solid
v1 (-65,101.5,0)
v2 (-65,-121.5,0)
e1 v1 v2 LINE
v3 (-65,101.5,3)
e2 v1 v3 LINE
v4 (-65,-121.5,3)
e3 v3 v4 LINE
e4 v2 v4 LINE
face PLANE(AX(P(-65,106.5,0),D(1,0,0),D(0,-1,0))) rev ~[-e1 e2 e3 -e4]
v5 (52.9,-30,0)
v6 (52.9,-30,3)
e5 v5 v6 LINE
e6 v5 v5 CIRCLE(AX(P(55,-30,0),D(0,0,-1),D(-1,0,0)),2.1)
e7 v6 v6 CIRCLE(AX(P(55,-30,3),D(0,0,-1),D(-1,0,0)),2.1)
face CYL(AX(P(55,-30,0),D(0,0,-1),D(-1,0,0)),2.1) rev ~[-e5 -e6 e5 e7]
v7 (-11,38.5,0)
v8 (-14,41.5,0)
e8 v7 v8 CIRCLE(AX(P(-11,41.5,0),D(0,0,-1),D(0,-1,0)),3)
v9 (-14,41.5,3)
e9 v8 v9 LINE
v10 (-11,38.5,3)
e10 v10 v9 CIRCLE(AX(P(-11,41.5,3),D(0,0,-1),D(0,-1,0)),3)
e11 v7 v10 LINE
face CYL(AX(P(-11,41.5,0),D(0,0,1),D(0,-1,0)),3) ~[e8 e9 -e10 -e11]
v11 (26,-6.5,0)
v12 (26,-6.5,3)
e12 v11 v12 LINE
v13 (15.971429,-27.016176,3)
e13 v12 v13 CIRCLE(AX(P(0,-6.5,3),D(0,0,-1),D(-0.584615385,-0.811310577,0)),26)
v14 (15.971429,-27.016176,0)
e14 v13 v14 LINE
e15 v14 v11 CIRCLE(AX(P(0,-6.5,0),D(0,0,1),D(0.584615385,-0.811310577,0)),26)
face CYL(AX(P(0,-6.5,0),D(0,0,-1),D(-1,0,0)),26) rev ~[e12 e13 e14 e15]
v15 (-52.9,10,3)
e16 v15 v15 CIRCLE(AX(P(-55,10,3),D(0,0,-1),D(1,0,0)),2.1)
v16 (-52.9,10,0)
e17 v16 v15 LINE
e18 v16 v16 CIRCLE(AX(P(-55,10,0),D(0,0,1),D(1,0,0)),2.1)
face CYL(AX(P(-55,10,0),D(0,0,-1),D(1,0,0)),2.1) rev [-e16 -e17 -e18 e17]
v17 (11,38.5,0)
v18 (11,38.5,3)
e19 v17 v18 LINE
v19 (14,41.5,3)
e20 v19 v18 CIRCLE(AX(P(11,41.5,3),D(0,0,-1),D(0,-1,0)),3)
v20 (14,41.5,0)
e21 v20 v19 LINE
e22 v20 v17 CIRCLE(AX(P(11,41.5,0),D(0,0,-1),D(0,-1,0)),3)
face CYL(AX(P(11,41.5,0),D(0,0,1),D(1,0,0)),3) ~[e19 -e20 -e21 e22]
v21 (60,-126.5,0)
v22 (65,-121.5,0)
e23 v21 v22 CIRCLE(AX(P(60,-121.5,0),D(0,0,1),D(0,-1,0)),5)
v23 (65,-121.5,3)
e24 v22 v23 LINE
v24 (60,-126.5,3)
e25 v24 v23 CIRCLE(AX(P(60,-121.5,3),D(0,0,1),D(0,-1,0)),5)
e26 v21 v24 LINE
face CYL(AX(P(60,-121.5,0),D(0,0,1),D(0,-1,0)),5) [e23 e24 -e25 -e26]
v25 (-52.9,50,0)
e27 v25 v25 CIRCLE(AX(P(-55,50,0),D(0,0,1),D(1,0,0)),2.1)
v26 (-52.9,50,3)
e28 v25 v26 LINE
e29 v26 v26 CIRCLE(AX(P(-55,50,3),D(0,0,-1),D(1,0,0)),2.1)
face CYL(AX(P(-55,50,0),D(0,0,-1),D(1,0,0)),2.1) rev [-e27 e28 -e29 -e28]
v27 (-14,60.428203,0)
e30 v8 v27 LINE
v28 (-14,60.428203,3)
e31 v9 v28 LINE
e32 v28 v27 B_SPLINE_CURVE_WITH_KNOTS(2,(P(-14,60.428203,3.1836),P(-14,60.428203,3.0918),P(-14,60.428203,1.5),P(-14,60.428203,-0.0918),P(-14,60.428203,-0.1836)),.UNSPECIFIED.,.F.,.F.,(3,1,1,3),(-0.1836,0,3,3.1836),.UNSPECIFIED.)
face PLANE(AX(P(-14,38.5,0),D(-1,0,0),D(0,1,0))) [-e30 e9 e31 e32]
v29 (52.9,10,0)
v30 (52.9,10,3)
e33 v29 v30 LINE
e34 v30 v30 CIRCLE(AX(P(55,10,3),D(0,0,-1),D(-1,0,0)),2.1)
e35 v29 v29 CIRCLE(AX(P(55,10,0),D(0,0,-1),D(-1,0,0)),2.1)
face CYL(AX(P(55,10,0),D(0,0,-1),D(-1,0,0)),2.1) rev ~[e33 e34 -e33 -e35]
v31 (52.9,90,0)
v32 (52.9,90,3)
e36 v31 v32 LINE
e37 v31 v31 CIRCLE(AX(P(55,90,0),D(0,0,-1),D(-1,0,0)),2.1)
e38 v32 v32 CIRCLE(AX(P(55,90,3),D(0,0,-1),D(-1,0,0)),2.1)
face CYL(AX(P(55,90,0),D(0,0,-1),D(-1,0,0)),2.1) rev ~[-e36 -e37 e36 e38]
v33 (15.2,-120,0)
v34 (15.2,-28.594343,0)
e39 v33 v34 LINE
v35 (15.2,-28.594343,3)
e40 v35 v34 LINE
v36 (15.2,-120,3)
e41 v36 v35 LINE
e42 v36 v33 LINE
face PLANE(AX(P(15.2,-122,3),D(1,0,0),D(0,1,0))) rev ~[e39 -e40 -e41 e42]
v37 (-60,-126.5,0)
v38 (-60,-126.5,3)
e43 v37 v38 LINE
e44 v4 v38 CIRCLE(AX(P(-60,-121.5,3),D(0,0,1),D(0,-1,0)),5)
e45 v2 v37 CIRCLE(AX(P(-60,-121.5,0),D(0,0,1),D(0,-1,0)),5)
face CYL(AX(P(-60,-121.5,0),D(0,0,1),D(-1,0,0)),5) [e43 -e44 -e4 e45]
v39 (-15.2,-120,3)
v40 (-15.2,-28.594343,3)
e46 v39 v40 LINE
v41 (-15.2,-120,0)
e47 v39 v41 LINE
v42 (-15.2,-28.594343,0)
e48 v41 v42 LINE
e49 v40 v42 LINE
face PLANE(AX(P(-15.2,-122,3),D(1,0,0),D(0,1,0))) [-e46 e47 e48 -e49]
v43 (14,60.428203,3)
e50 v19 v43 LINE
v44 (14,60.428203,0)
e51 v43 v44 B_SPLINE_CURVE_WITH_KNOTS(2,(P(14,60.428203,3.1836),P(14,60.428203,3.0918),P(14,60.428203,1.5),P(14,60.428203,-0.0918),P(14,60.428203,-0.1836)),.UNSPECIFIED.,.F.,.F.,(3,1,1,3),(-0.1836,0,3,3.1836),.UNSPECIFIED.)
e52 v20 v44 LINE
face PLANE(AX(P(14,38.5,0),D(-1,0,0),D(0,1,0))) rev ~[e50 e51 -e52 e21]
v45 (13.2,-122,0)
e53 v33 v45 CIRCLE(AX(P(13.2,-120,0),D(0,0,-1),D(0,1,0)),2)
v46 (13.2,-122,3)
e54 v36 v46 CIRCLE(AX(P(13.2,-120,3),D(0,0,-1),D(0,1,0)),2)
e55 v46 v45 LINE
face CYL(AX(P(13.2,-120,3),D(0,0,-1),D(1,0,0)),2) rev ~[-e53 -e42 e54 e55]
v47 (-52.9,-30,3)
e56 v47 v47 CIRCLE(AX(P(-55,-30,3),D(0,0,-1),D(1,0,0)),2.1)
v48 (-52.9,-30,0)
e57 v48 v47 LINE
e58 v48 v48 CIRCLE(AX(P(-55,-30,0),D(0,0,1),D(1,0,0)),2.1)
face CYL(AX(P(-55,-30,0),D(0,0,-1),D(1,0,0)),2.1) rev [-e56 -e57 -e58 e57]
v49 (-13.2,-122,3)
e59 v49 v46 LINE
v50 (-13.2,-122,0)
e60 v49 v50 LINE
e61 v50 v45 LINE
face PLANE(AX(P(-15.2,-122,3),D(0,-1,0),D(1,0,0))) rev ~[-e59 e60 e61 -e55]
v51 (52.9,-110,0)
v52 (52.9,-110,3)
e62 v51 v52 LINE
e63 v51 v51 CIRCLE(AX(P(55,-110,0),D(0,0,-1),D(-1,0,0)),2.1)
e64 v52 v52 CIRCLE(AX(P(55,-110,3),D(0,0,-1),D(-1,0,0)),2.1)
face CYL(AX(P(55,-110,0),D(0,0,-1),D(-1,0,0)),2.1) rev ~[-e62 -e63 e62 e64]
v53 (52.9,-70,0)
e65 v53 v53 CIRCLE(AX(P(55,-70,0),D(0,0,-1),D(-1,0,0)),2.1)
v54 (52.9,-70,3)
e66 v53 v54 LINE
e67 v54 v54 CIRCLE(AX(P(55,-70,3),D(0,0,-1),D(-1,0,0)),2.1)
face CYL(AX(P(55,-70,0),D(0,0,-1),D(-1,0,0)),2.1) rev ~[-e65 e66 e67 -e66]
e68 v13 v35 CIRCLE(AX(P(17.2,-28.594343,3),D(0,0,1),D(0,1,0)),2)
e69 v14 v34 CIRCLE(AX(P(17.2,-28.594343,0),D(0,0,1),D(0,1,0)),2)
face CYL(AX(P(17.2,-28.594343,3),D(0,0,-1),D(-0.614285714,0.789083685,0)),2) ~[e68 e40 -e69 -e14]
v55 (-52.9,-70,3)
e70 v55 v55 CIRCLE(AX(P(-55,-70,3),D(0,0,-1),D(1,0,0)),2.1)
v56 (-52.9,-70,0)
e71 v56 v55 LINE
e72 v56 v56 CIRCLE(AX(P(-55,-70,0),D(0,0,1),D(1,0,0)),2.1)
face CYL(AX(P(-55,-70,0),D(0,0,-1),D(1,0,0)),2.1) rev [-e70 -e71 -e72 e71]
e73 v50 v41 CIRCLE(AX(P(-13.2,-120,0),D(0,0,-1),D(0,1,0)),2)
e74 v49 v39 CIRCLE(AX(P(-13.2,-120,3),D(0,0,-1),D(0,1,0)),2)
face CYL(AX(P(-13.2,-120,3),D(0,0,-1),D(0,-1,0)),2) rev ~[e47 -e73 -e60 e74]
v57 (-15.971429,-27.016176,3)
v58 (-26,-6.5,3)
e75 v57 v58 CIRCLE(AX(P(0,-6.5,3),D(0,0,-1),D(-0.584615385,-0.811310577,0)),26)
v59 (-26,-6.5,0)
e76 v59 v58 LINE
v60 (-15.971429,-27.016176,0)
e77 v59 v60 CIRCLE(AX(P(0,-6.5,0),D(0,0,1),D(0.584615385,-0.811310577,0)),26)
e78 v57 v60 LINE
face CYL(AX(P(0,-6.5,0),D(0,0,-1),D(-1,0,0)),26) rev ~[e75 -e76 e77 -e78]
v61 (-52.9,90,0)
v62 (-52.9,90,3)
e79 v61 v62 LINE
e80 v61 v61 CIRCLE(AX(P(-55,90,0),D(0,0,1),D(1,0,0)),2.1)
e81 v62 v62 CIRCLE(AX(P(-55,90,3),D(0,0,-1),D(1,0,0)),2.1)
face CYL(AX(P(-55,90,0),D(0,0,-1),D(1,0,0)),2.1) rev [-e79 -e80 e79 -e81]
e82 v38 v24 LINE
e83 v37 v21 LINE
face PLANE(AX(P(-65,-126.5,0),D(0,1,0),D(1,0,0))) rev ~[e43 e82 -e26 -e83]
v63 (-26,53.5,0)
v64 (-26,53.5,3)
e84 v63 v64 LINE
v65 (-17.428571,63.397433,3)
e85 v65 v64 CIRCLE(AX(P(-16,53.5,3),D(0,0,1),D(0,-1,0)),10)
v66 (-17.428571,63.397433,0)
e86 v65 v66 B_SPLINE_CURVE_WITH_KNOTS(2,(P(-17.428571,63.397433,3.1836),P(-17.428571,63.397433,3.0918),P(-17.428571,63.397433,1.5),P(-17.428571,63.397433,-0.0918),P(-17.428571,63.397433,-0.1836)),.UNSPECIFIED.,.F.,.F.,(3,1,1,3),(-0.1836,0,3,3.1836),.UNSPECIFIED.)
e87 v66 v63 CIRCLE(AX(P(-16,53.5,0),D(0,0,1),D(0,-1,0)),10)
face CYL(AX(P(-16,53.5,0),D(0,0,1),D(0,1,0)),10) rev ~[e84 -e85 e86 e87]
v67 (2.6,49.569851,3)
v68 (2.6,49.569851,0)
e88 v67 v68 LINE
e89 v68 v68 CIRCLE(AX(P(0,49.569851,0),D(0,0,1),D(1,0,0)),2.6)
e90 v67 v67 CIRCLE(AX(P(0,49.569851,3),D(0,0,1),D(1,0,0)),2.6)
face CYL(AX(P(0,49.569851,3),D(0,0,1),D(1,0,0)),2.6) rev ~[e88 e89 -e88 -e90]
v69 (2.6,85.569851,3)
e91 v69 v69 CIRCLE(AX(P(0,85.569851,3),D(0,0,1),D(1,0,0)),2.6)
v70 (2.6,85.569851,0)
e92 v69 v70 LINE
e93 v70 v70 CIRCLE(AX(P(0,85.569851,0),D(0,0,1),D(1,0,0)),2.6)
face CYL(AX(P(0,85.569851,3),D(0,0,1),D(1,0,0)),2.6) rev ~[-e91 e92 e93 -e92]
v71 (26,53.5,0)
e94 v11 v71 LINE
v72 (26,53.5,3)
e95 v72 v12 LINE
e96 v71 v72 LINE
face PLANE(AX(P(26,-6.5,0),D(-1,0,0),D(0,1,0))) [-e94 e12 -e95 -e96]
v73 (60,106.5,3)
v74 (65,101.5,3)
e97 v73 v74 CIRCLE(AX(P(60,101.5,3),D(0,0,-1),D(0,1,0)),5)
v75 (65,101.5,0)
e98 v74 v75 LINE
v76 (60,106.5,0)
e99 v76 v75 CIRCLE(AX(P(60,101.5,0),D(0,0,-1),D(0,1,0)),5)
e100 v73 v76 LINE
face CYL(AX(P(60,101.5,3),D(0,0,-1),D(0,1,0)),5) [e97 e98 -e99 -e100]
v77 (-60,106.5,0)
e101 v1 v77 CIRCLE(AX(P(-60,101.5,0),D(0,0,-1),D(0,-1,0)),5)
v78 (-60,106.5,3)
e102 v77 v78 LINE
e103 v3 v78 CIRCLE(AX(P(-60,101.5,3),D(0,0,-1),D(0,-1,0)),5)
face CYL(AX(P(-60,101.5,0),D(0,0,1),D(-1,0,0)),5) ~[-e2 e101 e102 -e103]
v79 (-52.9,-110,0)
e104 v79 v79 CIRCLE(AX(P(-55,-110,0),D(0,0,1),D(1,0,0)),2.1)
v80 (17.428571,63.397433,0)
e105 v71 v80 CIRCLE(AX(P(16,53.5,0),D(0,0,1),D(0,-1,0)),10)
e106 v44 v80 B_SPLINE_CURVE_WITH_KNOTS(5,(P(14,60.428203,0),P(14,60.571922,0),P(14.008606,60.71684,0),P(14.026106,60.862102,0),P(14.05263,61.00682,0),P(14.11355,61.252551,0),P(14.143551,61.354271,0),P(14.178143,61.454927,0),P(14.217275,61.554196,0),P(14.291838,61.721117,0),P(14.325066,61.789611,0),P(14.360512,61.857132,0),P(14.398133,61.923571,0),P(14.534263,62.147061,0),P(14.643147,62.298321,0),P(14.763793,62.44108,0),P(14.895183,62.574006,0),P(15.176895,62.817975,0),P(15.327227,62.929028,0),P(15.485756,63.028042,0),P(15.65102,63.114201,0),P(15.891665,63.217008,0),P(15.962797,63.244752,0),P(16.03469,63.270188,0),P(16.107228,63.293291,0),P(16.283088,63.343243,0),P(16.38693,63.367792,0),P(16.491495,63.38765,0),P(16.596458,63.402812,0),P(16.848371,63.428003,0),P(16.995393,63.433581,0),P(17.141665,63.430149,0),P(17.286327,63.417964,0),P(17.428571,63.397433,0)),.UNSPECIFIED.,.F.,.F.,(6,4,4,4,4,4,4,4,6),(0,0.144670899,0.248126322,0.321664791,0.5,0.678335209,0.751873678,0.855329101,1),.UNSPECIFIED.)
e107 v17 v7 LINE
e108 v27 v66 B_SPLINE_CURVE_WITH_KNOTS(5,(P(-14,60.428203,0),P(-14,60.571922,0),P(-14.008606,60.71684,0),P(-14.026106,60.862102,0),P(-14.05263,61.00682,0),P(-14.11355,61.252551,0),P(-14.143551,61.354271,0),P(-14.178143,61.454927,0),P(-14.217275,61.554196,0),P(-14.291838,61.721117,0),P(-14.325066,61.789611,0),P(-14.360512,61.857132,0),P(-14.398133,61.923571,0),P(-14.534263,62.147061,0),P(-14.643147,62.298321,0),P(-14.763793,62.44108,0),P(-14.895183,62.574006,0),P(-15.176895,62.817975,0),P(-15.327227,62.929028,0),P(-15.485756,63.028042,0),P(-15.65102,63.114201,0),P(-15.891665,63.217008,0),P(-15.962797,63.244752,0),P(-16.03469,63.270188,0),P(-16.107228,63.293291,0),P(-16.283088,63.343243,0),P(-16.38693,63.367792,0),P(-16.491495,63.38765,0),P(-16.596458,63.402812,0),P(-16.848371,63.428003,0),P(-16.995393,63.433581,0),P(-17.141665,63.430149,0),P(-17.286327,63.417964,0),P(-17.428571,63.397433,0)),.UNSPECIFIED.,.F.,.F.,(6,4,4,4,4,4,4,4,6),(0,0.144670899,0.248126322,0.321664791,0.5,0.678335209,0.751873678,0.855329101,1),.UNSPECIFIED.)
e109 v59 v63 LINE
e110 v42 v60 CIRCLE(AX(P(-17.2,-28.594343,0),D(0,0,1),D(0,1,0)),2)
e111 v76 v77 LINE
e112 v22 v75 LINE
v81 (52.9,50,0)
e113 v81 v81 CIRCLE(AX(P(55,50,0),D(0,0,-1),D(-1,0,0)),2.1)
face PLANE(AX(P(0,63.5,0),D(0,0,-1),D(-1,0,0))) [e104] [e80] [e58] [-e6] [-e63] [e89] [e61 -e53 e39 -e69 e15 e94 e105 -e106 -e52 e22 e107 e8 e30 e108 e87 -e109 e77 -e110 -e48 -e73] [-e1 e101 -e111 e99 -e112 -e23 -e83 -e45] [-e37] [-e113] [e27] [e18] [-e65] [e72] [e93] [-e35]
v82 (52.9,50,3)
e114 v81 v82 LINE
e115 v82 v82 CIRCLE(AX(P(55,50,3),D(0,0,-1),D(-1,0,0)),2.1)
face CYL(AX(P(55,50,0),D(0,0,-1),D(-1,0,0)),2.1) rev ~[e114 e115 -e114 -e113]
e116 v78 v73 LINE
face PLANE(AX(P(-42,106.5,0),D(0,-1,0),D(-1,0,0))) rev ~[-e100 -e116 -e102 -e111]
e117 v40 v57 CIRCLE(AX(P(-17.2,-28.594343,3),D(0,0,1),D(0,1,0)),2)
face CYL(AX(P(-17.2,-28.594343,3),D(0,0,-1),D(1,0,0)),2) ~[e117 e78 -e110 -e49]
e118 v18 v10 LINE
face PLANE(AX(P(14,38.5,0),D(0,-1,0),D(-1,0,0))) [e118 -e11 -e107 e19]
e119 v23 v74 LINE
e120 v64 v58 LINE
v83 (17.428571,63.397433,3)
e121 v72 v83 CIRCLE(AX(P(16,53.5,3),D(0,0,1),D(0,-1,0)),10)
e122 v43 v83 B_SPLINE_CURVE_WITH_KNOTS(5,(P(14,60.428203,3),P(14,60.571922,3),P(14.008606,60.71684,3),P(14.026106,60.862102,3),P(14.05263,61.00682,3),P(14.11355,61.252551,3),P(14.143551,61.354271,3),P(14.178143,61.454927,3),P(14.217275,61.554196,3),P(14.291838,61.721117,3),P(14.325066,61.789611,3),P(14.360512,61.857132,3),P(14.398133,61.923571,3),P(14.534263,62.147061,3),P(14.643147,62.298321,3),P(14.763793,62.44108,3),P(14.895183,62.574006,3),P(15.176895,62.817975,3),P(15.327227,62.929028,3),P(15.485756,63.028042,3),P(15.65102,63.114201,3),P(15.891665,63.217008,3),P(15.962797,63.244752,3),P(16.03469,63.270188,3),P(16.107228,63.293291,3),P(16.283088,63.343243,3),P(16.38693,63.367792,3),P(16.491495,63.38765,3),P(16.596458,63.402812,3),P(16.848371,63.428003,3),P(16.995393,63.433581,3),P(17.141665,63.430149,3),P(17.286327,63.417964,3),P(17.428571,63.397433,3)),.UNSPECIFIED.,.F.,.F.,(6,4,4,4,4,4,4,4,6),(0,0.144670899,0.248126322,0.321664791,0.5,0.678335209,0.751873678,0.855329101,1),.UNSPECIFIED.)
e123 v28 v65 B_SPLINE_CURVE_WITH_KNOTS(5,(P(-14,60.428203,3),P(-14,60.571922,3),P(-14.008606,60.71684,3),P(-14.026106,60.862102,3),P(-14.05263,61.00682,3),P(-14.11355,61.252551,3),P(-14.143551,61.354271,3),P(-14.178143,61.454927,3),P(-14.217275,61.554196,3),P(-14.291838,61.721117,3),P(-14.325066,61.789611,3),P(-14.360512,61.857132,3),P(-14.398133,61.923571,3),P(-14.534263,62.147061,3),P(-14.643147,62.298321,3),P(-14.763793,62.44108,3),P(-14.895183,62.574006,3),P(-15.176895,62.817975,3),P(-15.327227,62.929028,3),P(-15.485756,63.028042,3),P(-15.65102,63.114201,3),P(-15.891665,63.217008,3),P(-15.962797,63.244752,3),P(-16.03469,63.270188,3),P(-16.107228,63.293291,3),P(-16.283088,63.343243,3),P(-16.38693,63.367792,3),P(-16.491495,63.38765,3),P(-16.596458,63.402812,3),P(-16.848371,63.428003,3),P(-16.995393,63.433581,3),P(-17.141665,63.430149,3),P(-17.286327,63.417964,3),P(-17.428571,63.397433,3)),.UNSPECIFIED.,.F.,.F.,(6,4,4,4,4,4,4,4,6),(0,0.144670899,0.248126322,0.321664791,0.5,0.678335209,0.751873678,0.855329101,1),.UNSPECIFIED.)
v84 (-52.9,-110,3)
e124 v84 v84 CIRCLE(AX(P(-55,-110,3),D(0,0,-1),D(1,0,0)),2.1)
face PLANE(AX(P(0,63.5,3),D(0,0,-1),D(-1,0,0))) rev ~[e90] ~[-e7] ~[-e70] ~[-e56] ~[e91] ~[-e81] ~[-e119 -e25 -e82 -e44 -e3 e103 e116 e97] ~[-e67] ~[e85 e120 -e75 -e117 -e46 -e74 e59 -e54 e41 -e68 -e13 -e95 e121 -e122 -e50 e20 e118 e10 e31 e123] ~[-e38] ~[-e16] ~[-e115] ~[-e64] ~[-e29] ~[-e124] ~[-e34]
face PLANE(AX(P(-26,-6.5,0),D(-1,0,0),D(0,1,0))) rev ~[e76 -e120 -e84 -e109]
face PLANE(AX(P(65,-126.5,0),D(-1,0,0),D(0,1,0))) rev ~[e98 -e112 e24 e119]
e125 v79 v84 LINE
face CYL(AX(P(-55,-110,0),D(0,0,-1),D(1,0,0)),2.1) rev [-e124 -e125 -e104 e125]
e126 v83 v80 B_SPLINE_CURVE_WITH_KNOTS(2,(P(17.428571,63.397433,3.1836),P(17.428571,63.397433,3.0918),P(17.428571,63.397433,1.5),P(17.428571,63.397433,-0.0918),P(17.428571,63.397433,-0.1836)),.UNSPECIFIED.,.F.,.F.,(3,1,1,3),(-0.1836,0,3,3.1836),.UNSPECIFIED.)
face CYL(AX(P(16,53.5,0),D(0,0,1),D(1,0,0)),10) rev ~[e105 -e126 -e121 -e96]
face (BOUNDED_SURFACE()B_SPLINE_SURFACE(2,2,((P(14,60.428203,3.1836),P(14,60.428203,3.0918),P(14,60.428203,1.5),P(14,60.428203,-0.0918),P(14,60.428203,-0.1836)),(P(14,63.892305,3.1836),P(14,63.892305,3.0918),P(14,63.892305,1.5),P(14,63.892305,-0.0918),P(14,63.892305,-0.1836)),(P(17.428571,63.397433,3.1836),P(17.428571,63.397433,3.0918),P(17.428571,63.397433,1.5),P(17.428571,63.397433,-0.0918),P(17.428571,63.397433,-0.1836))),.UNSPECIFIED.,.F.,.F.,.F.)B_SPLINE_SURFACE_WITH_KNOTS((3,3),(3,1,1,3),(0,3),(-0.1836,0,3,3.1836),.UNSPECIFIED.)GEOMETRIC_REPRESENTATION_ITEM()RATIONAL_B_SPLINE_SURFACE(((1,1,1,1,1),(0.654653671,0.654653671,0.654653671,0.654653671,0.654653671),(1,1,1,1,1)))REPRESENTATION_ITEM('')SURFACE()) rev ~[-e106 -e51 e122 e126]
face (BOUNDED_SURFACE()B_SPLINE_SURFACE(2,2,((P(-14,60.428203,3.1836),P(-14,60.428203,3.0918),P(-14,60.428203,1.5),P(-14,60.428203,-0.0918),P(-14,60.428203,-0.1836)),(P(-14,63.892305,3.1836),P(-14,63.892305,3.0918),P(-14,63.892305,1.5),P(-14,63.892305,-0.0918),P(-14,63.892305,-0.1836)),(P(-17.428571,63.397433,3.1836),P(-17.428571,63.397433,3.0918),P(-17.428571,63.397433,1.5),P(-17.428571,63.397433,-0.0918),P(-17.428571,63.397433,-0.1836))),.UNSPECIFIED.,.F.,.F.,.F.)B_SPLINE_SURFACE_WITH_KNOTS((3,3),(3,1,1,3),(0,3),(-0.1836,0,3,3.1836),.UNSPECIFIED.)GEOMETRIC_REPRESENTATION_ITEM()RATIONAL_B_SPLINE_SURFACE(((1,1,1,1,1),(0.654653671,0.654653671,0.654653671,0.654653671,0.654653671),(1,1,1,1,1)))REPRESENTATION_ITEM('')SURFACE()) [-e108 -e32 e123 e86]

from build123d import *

# Parameters (mm, degrees)
BOSS_EXTRUDE1_DEPTH = 3
SKETCH2_W           = 107
SKETCH2_H           = 20
CUT_EXTRUDE1_DEPTH  = 143.254173928
SKETCH3_R           = 26
CUT_EXTRUDE2_DEPTH  = 143.254173928
FILLET1_R           = 5
SKETCH4_W           = 30.4
SKETCH4_H           = 116.319851171
CUT_EXTRUDE3_DEPTH  = 143.254173928
SKETCH5_W           = 52
SKETCH5_H           = 70
CUT_EXTRUDE4_DEPTH  = 143.254173928
FILLET2_R           = 10
FILLET3_R           = 2
SKETCH6_W           = 28
SKETCH6_H           = 50
BOSS_EXTRUDE2_DEPTH = 3
FILLET4_R           = 3
SKETCH7_R           = 2.1
CUT_EXTRUDE5_DEPTH  = 143.254174065
SKETCH8_R           = 2.6
CUT_EXTRUDE6_DEPTH  = 143.254174065


with BuildPart() as part:
    # Sketch1 → Boss-Extrude1 (new body)
    with BuildSketch(Plane.XY):
        Polygon((-65, 106.5), (-65, -126.5), (65, -126.5), (65, 126.5), (-42, 126.5), (-42, 106.5), align=None)
    extrude(amount=BOSS_EXTRUDE1_DEPTH)

    # Sketch2 → Cut-Extrude1 (cut, through all)
    with BuildSketch(Plane.XY.offset(3)):
        with Locations((11.5, 116.5)):
            Rectangle(SKETCH2_W, SKETCH2_H)
    extrude(amount=-CUT_EXTRUDE1_DEPTH, mode=Mode.SUBTRACT)

    # Sketch3 → Cut-Extrude2 (cut, through all)
    with BuildSketch(Plane(origin=(0, 0, 0), x_dir=(-1, 0, 0), z_dir=(0, 0, -1))):
        with Locations((0, -6.5)):
            Circle(SKETCH3_R)
    extrude(amount=-CUT_EXTRUDE2_DEPTH, mode=Mode.SUBTRACT)

    # Fillet1
    fillet1_edges = [part.edges().sort_by_distance(p)[0] for p in [
        (65, -126.5, 1.5),
        (-65, -126.5, 1.5),
        (-65, 106.5, 1.5),
        (65, 106.5, 1.5),
    ]]
    fillet(fillet1_edges, radius=FILLET1_R)

    # Sketch4 → Cut-Extrude3 (cut, through all)
    with BuildSketch(Plane.XY.offset(3)):
        with Locations((0, -63.840074415)):
            Rectangle(SKETCH4_W, SKETCH4_H)
    extrude(amount=-CUT_EXTRUDE3_DEPTH, mode=Mode.SUBTRACT)

    # Sketch5 → Cut-Extrude4 (cut, through all)
    with BuildSketch(Plane(origin=(0, 0, 0), x_dir=(-1, 0, 0), z_dir=(0, 0, -1))):
        with Locations((0, 28.5)):
            Rectangle(SKETCH5_W, SKETCH5_H)
    extrude(amount=-CUT_EXTRUDE4_DEPTH, mode=Mode.SUBTRACT)

    # Fillet2
    fillet2_edges = [part.edges().sort_by_distance(p)[0] for p in [
        (26, 63.5, 1.5),
        (-26, 63.5, 1.5),
    ]]
    fillet(fillet2_edges, radius=FILLET2_R)

    # Fillet3
    fillet3_edges = [part.edges().sort_by_distance(p)[0] for p in [
        (-15.2, -27.594074997, 1.5),
        (15.2, -27.594074997, 1.5),
        (-15.2, -122, 1.5),
        (15.2, -122, 1.5),
    ]]
    fillet(fillet3_edges, radius=FILLET3_R)

    # Sketch6 → Boss-Extrude2 (add)
    with BuildSketch(Plane(origin=(0, 0, 0), x_dir=(-1, 0, 0), z_dir=(0, 0, -1))):
        with Locations((0, 63.5)):
            Rectangle(SKETCH6_W, SKETCH6_H)
    extrude(amount=-BOSS_EXTRUDE2_DEPTH)

    # Fillet4
    fillet4_edges = [part.edges().sort_by_distance(p)[0] for p in [
        (14, 38.5, 1.5),
        (-14, 38.5, 1.5),
        (-14, 63.5, 1.5),
        (14, 63.5, 1.5),
    ]]
    fillet(fillet4_edges, radius=FILLET4_R)

    # Sketch7 → Cut-Extrude5 (cut, through all)
    with BuildSketch(Plane(origin=(0, 0, 0), x_dir=(-1, 0, 0), z_dir=(0, 0, -1))):
        with Locations((-55, 90)):
            Circle(SKETCH7_R)
        with Locations((-55, 50)):
            Circle(SKETCH7_R)
        with Locations((-55, 10)):
            Circle(SKETCH7_R)
        with Locations((-55, -30)):
            Circle(SKETCH7_R)
        with Locations((-55, -70)):
            Circle(SKETCH7_R)
        with Locations((-55, -110)):
            Circle(SKETCH7_R)
    cut_extrude5 = extrude(amount=-CUT_EXTRUDE5_DEPTH, mode=Mode.SUBTRACT)

    # Mirror1: Cut-Extrude5 across plane
    add(cut_extrude5.mirror(Plane(origin=(0, 0, 0), x_dir=(0, 0, 1), z_dir=(1, 0, 0))), mode=Mode.SUBTRACT)

    # Sketch8 → Cut-Extrude6 (cut, through all)
    with BuildSketch(Plane.XY.offset(3)):
        with Locations((-1.1e-08, 49.569851171)):
            Circle(SKETCH8_R)
        with Locations((-1.1e-08, 85.569851171)):
            Circle(SKETCH8_R)
    extrude(amount=-CUT_EXTRUDE6_DEPTH, mode=Mode.SUBTRACT)


solid = part.part
